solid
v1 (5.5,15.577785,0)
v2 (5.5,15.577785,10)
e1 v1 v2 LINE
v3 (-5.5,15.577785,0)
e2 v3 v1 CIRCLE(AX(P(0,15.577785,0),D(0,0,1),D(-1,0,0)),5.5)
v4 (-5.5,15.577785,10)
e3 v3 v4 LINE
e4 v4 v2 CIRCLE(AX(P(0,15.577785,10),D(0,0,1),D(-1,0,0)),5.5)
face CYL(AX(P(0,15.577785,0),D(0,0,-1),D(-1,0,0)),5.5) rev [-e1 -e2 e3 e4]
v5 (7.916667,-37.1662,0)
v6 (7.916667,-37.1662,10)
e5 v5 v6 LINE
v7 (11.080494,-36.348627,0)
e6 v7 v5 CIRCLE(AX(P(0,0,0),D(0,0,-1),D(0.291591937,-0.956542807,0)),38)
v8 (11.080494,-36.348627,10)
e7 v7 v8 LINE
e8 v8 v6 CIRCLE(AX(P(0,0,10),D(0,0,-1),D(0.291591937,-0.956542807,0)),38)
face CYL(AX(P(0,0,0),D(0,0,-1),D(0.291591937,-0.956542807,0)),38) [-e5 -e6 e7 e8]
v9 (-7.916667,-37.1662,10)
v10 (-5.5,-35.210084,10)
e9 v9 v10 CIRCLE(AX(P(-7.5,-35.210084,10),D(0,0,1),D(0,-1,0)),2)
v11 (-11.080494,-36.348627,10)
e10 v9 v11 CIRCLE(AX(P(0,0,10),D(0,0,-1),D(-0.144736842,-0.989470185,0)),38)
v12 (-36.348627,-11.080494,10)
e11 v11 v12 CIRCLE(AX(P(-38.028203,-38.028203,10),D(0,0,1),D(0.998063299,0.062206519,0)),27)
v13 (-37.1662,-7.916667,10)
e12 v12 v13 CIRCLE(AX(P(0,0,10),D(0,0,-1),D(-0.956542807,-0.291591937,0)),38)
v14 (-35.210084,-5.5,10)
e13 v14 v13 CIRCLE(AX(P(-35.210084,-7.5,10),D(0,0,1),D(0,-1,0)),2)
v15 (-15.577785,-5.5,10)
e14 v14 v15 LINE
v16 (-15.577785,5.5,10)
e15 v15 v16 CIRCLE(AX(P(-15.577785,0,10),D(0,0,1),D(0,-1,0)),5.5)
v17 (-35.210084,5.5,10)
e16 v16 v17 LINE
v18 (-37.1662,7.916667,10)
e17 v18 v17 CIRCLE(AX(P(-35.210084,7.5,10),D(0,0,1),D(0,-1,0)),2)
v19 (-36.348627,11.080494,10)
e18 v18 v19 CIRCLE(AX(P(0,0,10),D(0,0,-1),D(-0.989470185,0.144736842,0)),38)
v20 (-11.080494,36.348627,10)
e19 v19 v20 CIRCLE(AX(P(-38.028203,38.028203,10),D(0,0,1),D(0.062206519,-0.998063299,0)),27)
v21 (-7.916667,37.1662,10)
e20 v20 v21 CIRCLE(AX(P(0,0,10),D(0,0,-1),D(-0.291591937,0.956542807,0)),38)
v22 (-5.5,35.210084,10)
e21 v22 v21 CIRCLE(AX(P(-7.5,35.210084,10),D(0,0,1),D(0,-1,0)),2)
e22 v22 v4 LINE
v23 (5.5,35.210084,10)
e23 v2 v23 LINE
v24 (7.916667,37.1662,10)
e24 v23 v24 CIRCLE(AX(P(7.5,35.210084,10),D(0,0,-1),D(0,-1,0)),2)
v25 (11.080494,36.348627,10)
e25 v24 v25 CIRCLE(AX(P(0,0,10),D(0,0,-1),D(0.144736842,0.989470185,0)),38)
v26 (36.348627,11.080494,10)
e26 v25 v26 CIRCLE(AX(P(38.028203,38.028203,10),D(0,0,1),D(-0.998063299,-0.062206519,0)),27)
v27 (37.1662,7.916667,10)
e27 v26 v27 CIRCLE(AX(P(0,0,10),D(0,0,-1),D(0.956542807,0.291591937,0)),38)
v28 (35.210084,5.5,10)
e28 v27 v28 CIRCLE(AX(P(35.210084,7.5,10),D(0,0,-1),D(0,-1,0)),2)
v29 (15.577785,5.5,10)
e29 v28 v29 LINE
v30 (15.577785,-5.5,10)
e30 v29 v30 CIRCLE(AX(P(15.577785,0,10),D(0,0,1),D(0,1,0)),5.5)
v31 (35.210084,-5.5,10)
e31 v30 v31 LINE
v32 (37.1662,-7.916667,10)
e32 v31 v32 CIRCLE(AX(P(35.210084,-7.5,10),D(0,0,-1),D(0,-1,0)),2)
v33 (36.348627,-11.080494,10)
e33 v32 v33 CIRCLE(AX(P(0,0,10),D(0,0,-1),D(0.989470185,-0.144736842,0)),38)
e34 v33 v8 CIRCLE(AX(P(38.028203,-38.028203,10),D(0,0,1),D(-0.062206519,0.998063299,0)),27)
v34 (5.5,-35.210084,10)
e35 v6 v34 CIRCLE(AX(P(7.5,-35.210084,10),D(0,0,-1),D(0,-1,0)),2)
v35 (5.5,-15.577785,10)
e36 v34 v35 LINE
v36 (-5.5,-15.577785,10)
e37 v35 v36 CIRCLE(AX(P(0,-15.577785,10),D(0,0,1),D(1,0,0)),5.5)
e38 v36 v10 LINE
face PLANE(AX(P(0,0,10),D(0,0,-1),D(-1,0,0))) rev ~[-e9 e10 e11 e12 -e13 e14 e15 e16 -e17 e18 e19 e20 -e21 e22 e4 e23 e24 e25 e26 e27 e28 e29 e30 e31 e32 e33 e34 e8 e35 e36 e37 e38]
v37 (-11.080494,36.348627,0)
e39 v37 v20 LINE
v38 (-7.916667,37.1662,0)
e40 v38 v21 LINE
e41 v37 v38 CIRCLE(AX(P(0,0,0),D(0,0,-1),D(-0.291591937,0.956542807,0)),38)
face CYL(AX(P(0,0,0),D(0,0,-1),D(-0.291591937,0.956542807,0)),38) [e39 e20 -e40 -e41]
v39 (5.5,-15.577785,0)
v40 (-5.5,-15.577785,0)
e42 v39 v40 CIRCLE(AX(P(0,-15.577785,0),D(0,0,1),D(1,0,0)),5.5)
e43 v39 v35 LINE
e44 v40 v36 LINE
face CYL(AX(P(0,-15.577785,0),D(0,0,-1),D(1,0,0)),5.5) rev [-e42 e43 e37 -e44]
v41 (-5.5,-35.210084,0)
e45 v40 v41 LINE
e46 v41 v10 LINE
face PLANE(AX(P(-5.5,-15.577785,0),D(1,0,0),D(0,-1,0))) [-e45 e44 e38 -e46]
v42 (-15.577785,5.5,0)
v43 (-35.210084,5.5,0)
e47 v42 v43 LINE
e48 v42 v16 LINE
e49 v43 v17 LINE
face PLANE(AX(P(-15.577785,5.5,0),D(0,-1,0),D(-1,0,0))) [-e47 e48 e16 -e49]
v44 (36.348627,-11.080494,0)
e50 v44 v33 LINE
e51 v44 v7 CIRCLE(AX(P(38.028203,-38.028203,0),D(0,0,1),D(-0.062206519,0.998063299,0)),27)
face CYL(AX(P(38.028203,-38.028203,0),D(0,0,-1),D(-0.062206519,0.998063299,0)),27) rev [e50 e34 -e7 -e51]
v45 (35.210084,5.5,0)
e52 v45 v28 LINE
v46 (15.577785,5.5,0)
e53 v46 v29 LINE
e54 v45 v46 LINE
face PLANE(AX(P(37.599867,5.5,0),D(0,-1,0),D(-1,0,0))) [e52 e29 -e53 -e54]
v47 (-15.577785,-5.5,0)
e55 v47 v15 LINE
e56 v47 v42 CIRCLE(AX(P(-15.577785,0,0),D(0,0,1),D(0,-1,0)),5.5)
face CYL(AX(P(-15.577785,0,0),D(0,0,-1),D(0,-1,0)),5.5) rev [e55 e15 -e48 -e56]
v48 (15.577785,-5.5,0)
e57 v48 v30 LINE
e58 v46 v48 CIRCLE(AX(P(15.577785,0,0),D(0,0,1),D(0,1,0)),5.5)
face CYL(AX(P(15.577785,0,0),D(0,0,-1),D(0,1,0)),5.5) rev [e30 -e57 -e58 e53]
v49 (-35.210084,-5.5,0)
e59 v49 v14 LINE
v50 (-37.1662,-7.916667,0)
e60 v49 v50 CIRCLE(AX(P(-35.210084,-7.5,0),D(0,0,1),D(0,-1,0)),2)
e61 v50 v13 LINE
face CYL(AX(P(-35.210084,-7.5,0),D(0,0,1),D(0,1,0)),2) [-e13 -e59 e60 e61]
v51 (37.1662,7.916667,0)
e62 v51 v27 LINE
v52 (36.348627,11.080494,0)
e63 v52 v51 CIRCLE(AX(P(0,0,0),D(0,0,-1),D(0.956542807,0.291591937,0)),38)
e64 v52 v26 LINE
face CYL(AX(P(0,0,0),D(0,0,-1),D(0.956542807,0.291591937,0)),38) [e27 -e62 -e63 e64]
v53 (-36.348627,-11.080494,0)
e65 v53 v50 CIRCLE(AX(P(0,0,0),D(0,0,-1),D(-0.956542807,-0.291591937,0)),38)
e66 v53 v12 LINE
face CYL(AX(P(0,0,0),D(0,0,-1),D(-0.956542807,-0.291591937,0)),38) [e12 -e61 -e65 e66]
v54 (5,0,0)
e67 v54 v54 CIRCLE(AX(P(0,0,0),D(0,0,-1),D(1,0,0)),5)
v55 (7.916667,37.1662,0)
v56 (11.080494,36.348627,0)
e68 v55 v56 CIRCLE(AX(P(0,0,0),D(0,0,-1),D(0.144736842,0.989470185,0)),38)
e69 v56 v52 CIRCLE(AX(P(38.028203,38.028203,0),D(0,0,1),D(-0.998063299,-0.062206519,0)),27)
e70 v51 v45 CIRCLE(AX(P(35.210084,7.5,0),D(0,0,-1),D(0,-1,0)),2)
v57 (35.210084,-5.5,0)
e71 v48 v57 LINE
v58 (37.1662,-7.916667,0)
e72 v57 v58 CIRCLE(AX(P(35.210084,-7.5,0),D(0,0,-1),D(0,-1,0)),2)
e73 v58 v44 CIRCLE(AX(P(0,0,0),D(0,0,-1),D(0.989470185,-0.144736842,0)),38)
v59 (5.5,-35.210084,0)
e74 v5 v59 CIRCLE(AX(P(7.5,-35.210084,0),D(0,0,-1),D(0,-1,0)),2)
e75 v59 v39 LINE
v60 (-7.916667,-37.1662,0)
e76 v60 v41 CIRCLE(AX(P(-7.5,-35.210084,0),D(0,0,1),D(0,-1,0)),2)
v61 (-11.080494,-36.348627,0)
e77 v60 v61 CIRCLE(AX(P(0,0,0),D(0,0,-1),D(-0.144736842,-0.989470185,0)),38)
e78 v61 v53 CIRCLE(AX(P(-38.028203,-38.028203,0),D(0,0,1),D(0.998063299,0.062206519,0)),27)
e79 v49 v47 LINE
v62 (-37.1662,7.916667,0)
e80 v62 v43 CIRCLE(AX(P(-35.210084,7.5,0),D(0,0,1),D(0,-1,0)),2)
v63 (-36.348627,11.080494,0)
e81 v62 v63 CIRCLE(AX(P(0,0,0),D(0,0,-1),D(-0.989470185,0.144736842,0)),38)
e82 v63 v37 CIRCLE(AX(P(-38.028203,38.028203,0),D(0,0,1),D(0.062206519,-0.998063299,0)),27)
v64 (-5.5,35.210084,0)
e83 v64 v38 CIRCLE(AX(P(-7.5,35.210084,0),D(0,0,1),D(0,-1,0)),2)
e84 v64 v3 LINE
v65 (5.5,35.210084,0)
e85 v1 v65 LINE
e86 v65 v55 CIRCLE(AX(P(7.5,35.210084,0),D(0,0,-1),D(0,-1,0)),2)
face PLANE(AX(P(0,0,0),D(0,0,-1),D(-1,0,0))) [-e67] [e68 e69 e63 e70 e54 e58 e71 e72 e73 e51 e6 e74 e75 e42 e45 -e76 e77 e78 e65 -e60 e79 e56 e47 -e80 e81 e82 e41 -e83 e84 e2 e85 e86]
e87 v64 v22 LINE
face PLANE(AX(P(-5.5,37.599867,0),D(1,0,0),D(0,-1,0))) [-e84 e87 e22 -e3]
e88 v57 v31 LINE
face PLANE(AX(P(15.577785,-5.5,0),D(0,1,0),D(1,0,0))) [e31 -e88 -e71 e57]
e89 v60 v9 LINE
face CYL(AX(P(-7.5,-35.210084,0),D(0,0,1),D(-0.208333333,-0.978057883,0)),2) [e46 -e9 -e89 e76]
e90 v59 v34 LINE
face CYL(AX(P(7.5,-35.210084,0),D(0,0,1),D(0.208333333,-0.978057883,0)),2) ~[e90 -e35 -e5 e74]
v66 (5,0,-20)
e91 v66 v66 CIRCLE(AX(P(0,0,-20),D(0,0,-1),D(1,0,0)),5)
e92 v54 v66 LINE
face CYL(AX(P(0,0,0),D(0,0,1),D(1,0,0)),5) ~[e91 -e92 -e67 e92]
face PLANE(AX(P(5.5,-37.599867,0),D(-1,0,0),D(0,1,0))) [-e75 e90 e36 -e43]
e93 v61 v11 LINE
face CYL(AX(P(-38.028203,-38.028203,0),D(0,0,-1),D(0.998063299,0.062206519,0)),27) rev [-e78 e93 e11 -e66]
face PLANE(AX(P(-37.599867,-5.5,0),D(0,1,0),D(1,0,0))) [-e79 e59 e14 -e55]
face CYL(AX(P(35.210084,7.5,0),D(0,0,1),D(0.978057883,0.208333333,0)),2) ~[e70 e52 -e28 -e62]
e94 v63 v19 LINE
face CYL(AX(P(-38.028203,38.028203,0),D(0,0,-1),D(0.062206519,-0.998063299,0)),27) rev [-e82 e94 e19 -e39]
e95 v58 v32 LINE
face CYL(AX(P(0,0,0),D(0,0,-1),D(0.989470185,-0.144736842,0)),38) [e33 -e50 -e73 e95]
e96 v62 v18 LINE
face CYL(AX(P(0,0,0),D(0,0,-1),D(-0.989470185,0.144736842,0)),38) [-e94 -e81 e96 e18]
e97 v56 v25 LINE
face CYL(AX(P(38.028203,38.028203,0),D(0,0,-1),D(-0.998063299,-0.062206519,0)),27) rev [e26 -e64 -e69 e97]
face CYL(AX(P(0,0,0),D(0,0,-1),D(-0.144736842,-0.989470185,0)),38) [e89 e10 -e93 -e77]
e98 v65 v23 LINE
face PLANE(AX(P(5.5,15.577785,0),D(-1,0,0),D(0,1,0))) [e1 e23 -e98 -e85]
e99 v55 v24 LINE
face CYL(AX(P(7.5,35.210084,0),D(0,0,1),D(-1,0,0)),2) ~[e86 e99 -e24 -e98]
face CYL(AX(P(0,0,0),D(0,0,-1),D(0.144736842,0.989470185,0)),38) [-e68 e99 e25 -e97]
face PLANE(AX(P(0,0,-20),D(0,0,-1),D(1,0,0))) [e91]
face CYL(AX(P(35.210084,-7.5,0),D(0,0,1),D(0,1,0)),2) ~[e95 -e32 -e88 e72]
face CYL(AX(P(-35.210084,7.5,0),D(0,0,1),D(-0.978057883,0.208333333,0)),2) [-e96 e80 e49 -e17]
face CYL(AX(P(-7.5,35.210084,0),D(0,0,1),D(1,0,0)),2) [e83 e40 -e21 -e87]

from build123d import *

# Parameters (mm, degrees)
SALIENTE_EXTRUIR1_DEPTH = 10
CROQUIS2_R              = 5
SALIENTE_EXTRUIR2_DEPTH = 20
REDONDEO1_R             = 2


with BuildPart() as part:
    # Croquis1 → Saliente-Extruir1 (new body)
    with BuildSketch(Plane.XY):
        with BuildLine():
            Line((-5.5, 37.599867021), (-5.5, 15.577785413))
            ThreePointArc((-5.5, 15.577785413), (0, 10.077785413), (5.5, 15.577785413))
            Line((5.5, 15.577785413), (5.5, 37.599867021))
            ThreePointArc((5.5, 37.599867021), (8.313819384, 37.079379812), (11.080493617, 36.348626676))
            ThreePointArc((11.080493617, 36.348626676), (18.9363196, 18.9363196), (36.348626676, 11.080493617))
            ThreePointArc((36.348626676, 11.080493617), (37.079379812, 8.313819384), (37.599867021, 5.5))
            Line((37.599867021, 5.5), (15.577785413, 5.5))
            ThreePointArc((15.577785413, 5.5), (10.077785413, 0), (15.577785413, -5.5))
            Line((15.577785413, -5.5), (37.599867021, -5.5))
            ThreePointArc((37.599867021, -5.5), (37.079379812, -8.313819384), (36.348626676, -11.080493617))
            ThreePointArc((36.348626676, -11.080493617), (18.9363196, -18.9363196), (11.080493617, -36.348626676))
            ThreePointArc((11.080493617, -36.348626676), (8.313819384, -37.079379812), (5.5, -37.599867021))
            Line((5.5, -37.599867021), (5.5, -15.577785413))
            ThreePointArc((5.5, -15.577785413), (0, -10.077785413), (-5.5, -15.577785413))
            Line((-5.5, -15.577785413), (-5.5, -37.599867021))
            ThreePointArc((-5.5, -37.599867021), (-8.313819384, -37.079379812), (-11.080493617, -36.348626676))
            ThreePointArc((-11.080493617, -36.348626676), (-18.9363196, -18.9363196), (-36.348626676, -11.080493617))
            ThreePointArc((-36.348626676, -11.080493617), (-37.079379812, -8.313819384), (-37.599867021, -5.5))
            Line((-37.599867021, -5.5), (-15.577785413, -5.5))
            ThreePointArc((-15.577785413, -5.5), (-10.077785413, 0), (-15.577785413, 5.5))
            Line((-15.577785413, 5.5), (-37.599867021, 5.5))
            ThreePointArc((-37.599867021, 5.5), (-37.079379812, 8.313819384), (-36.348626676, 11.080493617))
            ThreePointArc((-36.348626676, 11.080493617), (-18.9363196, 18.9363196), (-11.080493617, 36.348626676))
            ThreePointArc((-11.080493617, 36.348626676), (-8.313819384, 37.079379812), (-5.5, 37.599867021))
        make_face()
    extrude(amount=SALIENTE_EXTRUIR1_DEPTH)

    # Croquis2 → Saliente-Extruir2 (add)
    with BuildSketch(Plane(origin=(0, 0, 0), x_dir=(-1, 0, 0), z_dir=(0, 0, -1))):
        with Locations(Location((0, 0, 0), (0, 0, 180))):
            Circle(CROQUIS2_R)
    extrude(amount=SALIENTE_EXTRUIR2_DEPTH)

    # Redondeo1
    redondeo1_edges = [part.edges().sort_by_distance(p)[0] for p in [
        (-5.5, -37.599867021, 5),
        (-37.599867021, -5.5, 5),
        (-37.599867021, 5.5, 5),
        (-5.5, 37.599867021, 5),
        (5.5, 37.599867021, 5),
        (37.599867021, 5.5, 5),
        (37.599867021, -5.5, 5),
        (5.5, -37.599867021, 5),
    ]]
    fillet(redondeo1_edges, radius=REDONDEO1_R)


solid = part.part
